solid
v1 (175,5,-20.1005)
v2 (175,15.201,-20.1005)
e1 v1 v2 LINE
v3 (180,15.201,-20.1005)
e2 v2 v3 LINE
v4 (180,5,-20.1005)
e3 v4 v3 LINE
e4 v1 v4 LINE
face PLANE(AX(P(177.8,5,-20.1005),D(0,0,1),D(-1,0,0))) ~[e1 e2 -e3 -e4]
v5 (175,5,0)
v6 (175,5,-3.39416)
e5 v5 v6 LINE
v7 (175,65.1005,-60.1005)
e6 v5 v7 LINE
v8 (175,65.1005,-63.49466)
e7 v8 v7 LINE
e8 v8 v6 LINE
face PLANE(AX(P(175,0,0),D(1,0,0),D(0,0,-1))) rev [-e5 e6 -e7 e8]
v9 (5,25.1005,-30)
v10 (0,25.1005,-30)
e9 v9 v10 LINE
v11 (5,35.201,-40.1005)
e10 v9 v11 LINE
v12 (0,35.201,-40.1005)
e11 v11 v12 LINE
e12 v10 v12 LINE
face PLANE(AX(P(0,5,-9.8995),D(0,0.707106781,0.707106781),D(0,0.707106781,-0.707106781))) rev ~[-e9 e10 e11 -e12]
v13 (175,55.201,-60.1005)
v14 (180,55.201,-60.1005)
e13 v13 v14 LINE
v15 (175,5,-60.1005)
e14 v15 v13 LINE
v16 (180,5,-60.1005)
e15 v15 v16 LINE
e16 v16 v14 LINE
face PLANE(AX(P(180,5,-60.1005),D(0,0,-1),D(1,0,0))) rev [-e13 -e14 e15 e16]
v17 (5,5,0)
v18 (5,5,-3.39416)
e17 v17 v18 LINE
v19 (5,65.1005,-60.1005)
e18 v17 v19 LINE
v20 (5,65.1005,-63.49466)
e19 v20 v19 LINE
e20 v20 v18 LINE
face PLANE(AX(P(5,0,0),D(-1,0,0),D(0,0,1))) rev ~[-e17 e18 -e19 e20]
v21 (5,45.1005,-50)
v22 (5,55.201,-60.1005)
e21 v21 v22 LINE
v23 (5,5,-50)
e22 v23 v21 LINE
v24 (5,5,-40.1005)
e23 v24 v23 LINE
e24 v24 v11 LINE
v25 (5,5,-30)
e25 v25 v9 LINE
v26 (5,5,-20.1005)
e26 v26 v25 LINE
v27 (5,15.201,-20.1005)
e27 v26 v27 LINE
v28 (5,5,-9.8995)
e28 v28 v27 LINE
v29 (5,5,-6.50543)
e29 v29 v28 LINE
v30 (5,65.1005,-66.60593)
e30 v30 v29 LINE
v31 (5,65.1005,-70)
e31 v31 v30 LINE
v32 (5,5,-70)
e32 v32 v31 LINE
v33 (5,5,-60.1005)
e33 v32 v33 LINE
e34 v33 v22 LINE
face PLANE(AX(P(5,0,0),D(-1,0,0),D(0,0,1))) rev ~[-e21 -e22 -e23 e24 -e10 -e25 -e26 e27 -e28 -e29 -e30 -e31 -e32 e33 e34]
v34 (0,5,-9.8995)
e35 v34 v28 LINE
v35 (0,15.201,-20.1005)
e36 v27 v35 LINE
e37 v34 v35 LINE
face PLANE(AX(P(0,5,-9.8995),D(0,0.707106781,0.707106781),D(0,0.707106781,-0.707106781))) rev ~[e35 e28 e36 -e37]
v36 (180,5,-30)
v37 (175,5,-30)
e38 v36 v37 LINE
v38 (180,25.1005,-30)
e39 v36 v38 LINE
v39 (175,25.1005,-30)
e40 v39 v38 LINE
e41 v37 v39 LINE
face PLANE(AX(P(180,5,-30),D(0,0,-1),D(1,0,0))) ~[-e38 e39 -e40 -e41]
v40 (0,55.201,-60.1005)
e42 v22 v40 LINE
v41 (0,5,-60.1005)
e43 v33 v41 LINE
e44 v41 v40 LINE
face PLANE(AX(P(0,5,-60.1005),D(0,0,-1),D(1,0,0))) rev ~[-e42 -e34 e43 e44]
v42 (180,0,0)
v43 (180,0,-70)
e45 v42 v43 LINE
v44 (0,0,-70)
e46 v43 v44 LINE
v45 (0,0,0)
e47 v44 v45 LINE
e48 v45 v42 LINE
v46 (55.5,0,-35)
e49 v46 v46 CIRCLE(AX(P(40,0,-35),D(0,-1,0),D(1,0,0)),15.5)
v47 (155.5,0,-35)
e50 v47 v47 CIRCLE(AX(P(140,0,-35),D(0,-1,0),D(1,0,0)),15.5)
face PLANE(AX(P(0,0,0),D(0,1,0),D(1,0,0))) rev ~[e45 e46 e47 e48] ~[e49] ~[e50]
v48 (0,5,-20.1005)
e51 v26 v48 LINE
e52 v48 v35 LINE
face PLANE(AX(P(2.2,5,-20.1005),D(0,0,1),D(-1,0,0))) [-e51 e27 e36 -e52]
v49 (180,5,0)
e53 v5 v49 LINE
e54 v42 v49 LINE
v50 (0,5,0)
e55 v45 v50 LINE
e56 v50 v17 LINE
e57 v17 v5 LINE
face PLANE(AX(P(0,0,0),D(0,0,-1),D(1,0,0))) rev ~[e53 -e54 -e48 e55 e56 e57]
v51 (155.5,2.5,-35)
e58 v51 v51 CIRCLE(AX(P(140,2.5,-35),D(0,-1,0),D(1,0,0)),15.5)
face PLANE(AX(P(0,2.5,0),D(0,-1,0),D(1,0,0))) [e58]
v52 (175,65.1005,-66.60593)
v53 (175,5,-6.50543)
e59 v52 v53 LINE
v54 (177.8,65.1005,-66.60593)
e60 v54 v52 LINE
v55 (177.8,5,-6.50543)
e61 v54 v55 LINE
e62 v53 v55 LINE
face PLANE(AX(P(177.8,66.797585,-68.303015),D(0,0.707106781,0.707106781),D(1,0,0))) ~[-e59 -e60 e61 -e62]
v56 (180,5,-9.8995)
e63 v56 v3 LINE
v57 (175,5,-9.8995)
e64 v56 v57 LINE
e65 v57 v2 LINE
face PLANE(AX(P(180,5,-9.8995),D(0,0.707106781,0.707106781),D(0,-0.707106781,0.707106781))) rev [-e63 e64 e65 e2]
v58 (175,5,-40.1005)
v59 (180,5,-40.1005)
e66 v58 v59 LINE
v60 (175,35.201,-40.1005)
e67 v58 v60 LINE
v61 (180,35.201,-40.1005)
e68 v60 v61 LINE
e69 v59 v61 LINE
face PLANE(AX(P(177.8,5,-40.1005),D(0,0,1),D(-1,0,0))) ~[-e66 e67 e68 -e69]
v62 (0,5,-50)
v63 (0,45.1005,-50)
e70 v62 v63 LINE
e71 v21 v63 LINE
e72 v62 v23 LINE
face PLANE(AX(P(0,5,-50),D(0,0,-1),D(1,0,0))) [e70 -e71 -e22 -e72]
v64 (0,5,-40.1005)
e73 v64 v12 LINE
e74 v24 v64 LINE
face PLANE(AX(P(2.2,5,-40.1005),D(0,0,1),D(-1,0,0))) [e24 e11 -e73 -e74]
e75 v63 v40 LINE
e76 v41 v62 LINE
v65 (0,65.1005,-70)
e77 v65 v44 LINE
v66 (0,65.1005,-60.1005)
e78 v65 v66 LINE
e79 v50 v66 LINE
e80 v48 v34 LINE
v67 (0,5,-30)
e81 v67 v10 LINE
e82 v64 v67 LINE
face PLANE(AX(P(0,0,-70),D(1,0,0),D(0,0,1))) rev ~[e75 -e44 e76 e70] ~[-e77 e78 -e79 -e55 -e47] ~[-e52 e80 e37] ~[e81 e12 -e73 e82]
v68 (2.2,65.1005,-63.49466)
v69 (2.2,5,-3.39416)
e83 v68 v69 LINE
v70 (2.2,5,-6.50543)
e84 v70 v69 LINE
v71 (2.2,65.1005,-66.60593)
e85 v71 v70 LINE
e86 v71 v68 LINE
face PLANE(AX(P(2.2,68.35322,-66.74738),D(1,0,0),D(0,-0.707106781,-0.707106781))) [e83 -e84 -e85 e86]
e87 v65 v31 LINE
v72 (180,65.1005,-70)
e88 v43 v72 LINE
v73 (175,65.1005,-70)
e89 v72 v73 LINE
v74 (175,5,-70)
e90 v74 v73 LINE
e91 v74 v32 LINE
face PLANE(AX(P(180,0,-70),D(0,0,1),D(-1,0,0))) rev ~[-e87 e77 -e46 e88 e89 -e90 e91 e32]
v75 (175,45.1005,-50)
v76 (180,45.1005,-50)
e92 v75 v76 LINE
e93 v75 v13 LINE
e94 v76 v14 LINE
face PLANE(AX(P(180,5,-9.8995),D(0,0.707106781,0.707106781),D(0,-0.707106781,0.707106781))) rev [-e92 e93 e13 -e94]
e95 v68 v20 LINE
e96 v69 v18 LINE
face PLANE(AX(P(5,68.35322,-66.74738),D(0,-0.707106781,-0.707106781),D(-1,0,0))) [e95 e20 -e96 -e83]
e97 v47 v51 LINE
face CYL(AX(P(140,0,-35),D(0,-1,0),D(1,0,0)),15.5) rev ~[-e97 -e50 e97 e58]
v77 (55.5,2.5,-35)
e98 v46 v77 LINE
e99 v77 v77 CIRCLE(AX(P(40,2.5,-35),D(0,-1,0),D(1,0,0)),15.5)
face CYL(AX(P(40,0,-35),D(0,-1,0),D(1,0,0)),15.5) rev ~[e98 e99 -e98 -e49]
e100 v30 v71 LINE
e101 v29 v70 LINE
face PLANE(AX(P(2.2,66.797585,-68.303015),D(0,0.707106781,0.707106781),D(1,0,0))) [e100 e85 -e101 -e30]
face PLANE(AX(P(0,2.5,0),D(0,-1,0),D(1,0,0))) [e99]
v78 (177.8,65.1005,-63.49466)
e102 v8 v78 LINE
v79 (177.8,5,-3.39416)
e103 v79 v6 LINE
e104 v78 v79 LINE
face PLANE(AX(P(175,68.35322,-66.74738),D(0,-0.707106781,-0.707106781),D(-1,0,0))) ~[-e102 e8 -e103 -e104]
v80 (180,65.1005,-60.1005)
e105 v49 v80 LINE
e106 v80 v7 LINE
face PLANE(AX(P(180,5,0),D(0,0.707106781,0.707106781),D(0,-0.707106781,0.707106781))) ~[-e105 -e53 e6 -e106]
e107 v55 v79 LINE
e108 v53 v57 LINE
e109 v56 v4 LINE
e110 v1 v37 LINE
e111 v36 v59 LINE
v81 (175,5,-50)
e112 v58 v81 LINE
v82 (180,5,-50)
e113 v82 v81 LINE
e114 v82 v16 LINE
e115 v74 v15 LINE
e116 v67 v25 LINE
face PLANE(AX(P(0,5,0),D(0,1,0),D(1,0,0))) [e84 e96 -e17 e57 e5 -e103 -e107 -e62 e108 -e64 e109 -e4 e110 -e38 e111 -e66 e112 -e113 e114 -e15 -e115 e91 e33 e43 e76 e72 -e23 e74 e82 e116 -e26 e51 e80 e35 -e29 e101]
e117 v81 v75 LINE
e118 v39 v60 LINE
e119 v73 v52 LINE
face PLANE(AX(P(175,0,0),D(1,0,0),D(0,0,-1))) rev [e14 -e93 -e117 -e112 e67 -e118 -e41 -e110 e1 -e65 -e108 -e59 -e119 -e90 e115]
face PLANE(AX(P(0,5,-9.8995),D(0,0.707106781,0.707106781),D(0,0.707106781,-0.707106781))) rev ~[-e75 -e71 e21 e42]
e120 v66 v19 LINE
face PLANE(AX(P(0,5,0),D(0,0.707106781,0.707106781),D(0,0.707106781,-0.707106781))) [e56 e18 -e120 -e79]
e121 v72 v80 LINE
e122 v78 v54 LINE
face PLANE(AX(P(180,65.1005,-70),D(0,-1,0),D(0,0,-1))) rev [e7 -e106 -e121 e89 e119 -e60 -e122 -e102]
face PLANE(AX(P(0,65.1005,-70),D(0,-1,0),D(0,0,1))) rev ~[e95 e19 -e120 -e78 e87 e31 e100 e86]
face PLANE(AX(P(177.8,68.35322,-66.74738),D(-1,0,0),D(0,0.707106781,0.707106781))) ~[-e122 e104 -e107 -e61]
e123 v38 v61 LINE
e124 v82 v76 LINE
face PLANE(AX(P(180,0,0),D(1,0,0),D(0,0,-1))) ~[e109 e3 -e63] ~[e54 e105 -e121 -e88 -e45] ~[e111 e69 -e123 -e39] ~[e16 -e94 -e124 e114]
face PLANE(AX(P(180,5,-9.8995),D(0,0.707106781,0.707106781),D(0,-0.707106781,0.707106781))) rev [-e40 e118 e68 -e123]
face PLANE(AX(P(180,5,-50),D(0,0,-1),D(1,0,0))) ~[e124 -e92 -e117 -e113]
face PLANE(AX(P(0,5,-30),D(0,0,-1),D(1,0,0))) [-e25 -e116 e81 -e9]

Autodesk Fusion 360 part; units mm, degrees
sketch "Sketch1" plane through (0, 0, 0) normal (0, 1, 0) x (1, 0, 0)
  line L0 (0, 0) -> (180, 0)
  line L1 (180, 0) -> (180, 70)
  line L2 (180, 70) -> (0, 70)
  line L3 (0, 70) -> (0, 0)
  dimension "d1" = 180
  dimension "d2" = 70
extrude "Extrude1" add sketch "Sketch1" along normal blind 5
sketch "Sketch2" plane through (0, 0, 0) normal (-1, 0, 0) x (0, 0, 1)
  line L0 (-70, 0) -> (0, 0)
  line L1 (0, 0) -> (0, 5)
  line L2 (0, 5) -> (-70, 5)
  line L3 (-70, 5) -> (-70, 0)
  line L4 (-70, 5) -> (-70, 105) construction
  line L5 (0, 5) -> (-70, 75)
  line L6 (-9.8995, 5) -> (-70, 65.1005)
  line L7 (-70, 65.1005) -> (-60.1005, 65.1005)
  line L8 (-9.8995, 5) -> (0, 5)
  dimension "d5" = 100
  dimension "d6" = 45
extrude "Extrude2" add sketch "Sketch2" against normal blind 5 contours L2 L5 L6 L7 L8
ref_plane "WorkPlane1" through (2.5, 65.1005, -70) normal (0, -0.7071, 0.7071) x (1, 0, 0)
sketch "Sketch3" plane through (0, 67.5503, -67.5503) normal (0, -0.7071, 0.7071) x (1, 0, 0)
  line L0 (0, -3.4645) -> (0, 3.5355) construction
  line L1 (0, 3.5355) -> (5, 3.5355) construction
  line L2 (5, 3.5355) -> (5, -3.4645) construction
  line L3 (5, -3.4645) -> (0, -3.4645) construction
  line L4 (5, 1.1355) -> (2.2, 1.1355)
  line L5 (2.2, 1.1355) -> (2.2, -1.0645)
  line L6 (2.2, -1.0645) -> (5, -1.0645)
  line L7 (5, -1.0645) -> (5, 1.1355)
  line L8 (5, 0.0355) -> (5, 3.5355)
  line L9 (5, 0.0355) -> (5, -3.4645)
  dimension "d11" = 2.8
  dimension "d12" = 2.2
extrude "Extrude3" cut sketch "Sketch3" along normal up to surface end surface through (0, 5, 0) normal (0, 1, 0) offset 0
sketch "Sketch4" plane through (0, 5, 0) normal (0, 1, 0) x (-1, 0, 0)
  line L0 (0, -9.8995) -> (-5, -9.8995)
  line L1 (-5, -9.8995) -> (-5, -6.5054)
  line L2 (-5, -6.5054) -> (-2.2, -6.5054)
  line L3 (-2.2, -6.5054) -> (-2.2, -3.3941)
  line L4 (-2.2, -3.3941) -> (-5, -3.3941)
  line L5 (-5, -3.3941) -> (-5, 0)
  line L6 (-5, 0) -> (-180, 0)
  line L7 (-180, 0) -> (-180, -70)
  line L8 (-180, -70) -> (0, -70)
  line L9 (0, -70) -> (0, -9.8995)
  line L10 (-2.2, -66.6059) -> (-5, -66.6059)
  line L11 (-5, -66.6059) -> (-5, -70)
  line L12 (-5, -70) -> (0, -70)
  line L13 (0, -70) -> (0, -60.1005)
  line L14 (0, -60.1005) -> (-5, -60.1005)
  line L15 (-5, -60.1005) -> (-5, -63.4946)
  line L16 (-5, -63.4946) -> (-2.2, -63.4946)
  line L17 (-2.2, -63.4946) -> (-2.2, -66.6059)
  line L18 (-5, -66.6059) -> (-2.2, -66.6059)
  line L19 (-2.2, -66.6059) -> (-2.2, -6.5054)
  line L20 (-2.2, -6.5054) -> (-5, -6.5054)
  line L21 (-5, -6.5054) -> (-5, -66.6059)
  line L22 (-5, -60.1005) -> (0, -60.1005)
  line L23 (0, -60.1005) -> (0, -70)
  line L24 (0, -70) -> (-5, -70)
  line L25 (-5, -70) -> (-5, -60.1005)
  line L26 (-5, -40.1005) -> (0, -40.1005)
  line L27 (-5, -50) -> (-5, -40.1005)
  line L28 (0, -40.1005) -> (0, -50)
  line L29 (0, -50) -> (-5, -50)
  line L30 (-5, -20.1005) -> (0, -20.1005)
  line L31 (-5, -30) -> (-5, -20.1005)
  line L32 (0, -20.1005) -> (0, -30)
  line L33 (0, -30) -> (-5, -30)
  dimension "d19" = 20
  dimension "d20" = 0
extrude "Extrude4" add sketch "Sketch4" along normal up to surface contours L9 L19 L30 L32 L33 | L19 L21 L30 L31 L33 | L9 L19 L26 L28 L29 | L19 L21 L26 L27 L29 | L8 L9 L10 L11 L12 L13 L14 L17 L18 L19 L22 L23 L24 L25 | L14 L15 L16 L19 L21 L22 L25 | L10 L16 L17 L18 L19 L21 L25 end surface through (0, 5, -9.8995) normal (0, -0.707107, -0.707107) offset 0
ref_plane "WorkPlane2" through (90, 32.5503, -35) normal (-1, 0, 0) x (0, 0, 1)
mirror "Mirror1" about plane through (90, 32.5503, -35) normal (-1, 0, 0) of "Extrude2", "Extrude4", "Extrude3"
sketch "Sketch5" plane through (0, 0, 0) normal (0, -1, 0) x (1, 0, 0)
  line L0 (0, 0) -> (0, -70)
  line L1 (0, -70) -> (180, -70)
  line L2 (180, -70) -> (180, 0)
  line L3 (180, 0) -> (0, 0)
  line L4 (180, -35) -> (0, -35) construction
  line L5 (90, -70) -> (90, 0) construction
  circle A0 centre (140, -35) radius 15.5
  circle A1 centre (40, -35) radius 15.5
  dimension "d23" = 31
  dimension "d24" = 50
extrude "Extrude5" cut sketch "Sketch5" against normal blind 2.5 contours A0 | A1
